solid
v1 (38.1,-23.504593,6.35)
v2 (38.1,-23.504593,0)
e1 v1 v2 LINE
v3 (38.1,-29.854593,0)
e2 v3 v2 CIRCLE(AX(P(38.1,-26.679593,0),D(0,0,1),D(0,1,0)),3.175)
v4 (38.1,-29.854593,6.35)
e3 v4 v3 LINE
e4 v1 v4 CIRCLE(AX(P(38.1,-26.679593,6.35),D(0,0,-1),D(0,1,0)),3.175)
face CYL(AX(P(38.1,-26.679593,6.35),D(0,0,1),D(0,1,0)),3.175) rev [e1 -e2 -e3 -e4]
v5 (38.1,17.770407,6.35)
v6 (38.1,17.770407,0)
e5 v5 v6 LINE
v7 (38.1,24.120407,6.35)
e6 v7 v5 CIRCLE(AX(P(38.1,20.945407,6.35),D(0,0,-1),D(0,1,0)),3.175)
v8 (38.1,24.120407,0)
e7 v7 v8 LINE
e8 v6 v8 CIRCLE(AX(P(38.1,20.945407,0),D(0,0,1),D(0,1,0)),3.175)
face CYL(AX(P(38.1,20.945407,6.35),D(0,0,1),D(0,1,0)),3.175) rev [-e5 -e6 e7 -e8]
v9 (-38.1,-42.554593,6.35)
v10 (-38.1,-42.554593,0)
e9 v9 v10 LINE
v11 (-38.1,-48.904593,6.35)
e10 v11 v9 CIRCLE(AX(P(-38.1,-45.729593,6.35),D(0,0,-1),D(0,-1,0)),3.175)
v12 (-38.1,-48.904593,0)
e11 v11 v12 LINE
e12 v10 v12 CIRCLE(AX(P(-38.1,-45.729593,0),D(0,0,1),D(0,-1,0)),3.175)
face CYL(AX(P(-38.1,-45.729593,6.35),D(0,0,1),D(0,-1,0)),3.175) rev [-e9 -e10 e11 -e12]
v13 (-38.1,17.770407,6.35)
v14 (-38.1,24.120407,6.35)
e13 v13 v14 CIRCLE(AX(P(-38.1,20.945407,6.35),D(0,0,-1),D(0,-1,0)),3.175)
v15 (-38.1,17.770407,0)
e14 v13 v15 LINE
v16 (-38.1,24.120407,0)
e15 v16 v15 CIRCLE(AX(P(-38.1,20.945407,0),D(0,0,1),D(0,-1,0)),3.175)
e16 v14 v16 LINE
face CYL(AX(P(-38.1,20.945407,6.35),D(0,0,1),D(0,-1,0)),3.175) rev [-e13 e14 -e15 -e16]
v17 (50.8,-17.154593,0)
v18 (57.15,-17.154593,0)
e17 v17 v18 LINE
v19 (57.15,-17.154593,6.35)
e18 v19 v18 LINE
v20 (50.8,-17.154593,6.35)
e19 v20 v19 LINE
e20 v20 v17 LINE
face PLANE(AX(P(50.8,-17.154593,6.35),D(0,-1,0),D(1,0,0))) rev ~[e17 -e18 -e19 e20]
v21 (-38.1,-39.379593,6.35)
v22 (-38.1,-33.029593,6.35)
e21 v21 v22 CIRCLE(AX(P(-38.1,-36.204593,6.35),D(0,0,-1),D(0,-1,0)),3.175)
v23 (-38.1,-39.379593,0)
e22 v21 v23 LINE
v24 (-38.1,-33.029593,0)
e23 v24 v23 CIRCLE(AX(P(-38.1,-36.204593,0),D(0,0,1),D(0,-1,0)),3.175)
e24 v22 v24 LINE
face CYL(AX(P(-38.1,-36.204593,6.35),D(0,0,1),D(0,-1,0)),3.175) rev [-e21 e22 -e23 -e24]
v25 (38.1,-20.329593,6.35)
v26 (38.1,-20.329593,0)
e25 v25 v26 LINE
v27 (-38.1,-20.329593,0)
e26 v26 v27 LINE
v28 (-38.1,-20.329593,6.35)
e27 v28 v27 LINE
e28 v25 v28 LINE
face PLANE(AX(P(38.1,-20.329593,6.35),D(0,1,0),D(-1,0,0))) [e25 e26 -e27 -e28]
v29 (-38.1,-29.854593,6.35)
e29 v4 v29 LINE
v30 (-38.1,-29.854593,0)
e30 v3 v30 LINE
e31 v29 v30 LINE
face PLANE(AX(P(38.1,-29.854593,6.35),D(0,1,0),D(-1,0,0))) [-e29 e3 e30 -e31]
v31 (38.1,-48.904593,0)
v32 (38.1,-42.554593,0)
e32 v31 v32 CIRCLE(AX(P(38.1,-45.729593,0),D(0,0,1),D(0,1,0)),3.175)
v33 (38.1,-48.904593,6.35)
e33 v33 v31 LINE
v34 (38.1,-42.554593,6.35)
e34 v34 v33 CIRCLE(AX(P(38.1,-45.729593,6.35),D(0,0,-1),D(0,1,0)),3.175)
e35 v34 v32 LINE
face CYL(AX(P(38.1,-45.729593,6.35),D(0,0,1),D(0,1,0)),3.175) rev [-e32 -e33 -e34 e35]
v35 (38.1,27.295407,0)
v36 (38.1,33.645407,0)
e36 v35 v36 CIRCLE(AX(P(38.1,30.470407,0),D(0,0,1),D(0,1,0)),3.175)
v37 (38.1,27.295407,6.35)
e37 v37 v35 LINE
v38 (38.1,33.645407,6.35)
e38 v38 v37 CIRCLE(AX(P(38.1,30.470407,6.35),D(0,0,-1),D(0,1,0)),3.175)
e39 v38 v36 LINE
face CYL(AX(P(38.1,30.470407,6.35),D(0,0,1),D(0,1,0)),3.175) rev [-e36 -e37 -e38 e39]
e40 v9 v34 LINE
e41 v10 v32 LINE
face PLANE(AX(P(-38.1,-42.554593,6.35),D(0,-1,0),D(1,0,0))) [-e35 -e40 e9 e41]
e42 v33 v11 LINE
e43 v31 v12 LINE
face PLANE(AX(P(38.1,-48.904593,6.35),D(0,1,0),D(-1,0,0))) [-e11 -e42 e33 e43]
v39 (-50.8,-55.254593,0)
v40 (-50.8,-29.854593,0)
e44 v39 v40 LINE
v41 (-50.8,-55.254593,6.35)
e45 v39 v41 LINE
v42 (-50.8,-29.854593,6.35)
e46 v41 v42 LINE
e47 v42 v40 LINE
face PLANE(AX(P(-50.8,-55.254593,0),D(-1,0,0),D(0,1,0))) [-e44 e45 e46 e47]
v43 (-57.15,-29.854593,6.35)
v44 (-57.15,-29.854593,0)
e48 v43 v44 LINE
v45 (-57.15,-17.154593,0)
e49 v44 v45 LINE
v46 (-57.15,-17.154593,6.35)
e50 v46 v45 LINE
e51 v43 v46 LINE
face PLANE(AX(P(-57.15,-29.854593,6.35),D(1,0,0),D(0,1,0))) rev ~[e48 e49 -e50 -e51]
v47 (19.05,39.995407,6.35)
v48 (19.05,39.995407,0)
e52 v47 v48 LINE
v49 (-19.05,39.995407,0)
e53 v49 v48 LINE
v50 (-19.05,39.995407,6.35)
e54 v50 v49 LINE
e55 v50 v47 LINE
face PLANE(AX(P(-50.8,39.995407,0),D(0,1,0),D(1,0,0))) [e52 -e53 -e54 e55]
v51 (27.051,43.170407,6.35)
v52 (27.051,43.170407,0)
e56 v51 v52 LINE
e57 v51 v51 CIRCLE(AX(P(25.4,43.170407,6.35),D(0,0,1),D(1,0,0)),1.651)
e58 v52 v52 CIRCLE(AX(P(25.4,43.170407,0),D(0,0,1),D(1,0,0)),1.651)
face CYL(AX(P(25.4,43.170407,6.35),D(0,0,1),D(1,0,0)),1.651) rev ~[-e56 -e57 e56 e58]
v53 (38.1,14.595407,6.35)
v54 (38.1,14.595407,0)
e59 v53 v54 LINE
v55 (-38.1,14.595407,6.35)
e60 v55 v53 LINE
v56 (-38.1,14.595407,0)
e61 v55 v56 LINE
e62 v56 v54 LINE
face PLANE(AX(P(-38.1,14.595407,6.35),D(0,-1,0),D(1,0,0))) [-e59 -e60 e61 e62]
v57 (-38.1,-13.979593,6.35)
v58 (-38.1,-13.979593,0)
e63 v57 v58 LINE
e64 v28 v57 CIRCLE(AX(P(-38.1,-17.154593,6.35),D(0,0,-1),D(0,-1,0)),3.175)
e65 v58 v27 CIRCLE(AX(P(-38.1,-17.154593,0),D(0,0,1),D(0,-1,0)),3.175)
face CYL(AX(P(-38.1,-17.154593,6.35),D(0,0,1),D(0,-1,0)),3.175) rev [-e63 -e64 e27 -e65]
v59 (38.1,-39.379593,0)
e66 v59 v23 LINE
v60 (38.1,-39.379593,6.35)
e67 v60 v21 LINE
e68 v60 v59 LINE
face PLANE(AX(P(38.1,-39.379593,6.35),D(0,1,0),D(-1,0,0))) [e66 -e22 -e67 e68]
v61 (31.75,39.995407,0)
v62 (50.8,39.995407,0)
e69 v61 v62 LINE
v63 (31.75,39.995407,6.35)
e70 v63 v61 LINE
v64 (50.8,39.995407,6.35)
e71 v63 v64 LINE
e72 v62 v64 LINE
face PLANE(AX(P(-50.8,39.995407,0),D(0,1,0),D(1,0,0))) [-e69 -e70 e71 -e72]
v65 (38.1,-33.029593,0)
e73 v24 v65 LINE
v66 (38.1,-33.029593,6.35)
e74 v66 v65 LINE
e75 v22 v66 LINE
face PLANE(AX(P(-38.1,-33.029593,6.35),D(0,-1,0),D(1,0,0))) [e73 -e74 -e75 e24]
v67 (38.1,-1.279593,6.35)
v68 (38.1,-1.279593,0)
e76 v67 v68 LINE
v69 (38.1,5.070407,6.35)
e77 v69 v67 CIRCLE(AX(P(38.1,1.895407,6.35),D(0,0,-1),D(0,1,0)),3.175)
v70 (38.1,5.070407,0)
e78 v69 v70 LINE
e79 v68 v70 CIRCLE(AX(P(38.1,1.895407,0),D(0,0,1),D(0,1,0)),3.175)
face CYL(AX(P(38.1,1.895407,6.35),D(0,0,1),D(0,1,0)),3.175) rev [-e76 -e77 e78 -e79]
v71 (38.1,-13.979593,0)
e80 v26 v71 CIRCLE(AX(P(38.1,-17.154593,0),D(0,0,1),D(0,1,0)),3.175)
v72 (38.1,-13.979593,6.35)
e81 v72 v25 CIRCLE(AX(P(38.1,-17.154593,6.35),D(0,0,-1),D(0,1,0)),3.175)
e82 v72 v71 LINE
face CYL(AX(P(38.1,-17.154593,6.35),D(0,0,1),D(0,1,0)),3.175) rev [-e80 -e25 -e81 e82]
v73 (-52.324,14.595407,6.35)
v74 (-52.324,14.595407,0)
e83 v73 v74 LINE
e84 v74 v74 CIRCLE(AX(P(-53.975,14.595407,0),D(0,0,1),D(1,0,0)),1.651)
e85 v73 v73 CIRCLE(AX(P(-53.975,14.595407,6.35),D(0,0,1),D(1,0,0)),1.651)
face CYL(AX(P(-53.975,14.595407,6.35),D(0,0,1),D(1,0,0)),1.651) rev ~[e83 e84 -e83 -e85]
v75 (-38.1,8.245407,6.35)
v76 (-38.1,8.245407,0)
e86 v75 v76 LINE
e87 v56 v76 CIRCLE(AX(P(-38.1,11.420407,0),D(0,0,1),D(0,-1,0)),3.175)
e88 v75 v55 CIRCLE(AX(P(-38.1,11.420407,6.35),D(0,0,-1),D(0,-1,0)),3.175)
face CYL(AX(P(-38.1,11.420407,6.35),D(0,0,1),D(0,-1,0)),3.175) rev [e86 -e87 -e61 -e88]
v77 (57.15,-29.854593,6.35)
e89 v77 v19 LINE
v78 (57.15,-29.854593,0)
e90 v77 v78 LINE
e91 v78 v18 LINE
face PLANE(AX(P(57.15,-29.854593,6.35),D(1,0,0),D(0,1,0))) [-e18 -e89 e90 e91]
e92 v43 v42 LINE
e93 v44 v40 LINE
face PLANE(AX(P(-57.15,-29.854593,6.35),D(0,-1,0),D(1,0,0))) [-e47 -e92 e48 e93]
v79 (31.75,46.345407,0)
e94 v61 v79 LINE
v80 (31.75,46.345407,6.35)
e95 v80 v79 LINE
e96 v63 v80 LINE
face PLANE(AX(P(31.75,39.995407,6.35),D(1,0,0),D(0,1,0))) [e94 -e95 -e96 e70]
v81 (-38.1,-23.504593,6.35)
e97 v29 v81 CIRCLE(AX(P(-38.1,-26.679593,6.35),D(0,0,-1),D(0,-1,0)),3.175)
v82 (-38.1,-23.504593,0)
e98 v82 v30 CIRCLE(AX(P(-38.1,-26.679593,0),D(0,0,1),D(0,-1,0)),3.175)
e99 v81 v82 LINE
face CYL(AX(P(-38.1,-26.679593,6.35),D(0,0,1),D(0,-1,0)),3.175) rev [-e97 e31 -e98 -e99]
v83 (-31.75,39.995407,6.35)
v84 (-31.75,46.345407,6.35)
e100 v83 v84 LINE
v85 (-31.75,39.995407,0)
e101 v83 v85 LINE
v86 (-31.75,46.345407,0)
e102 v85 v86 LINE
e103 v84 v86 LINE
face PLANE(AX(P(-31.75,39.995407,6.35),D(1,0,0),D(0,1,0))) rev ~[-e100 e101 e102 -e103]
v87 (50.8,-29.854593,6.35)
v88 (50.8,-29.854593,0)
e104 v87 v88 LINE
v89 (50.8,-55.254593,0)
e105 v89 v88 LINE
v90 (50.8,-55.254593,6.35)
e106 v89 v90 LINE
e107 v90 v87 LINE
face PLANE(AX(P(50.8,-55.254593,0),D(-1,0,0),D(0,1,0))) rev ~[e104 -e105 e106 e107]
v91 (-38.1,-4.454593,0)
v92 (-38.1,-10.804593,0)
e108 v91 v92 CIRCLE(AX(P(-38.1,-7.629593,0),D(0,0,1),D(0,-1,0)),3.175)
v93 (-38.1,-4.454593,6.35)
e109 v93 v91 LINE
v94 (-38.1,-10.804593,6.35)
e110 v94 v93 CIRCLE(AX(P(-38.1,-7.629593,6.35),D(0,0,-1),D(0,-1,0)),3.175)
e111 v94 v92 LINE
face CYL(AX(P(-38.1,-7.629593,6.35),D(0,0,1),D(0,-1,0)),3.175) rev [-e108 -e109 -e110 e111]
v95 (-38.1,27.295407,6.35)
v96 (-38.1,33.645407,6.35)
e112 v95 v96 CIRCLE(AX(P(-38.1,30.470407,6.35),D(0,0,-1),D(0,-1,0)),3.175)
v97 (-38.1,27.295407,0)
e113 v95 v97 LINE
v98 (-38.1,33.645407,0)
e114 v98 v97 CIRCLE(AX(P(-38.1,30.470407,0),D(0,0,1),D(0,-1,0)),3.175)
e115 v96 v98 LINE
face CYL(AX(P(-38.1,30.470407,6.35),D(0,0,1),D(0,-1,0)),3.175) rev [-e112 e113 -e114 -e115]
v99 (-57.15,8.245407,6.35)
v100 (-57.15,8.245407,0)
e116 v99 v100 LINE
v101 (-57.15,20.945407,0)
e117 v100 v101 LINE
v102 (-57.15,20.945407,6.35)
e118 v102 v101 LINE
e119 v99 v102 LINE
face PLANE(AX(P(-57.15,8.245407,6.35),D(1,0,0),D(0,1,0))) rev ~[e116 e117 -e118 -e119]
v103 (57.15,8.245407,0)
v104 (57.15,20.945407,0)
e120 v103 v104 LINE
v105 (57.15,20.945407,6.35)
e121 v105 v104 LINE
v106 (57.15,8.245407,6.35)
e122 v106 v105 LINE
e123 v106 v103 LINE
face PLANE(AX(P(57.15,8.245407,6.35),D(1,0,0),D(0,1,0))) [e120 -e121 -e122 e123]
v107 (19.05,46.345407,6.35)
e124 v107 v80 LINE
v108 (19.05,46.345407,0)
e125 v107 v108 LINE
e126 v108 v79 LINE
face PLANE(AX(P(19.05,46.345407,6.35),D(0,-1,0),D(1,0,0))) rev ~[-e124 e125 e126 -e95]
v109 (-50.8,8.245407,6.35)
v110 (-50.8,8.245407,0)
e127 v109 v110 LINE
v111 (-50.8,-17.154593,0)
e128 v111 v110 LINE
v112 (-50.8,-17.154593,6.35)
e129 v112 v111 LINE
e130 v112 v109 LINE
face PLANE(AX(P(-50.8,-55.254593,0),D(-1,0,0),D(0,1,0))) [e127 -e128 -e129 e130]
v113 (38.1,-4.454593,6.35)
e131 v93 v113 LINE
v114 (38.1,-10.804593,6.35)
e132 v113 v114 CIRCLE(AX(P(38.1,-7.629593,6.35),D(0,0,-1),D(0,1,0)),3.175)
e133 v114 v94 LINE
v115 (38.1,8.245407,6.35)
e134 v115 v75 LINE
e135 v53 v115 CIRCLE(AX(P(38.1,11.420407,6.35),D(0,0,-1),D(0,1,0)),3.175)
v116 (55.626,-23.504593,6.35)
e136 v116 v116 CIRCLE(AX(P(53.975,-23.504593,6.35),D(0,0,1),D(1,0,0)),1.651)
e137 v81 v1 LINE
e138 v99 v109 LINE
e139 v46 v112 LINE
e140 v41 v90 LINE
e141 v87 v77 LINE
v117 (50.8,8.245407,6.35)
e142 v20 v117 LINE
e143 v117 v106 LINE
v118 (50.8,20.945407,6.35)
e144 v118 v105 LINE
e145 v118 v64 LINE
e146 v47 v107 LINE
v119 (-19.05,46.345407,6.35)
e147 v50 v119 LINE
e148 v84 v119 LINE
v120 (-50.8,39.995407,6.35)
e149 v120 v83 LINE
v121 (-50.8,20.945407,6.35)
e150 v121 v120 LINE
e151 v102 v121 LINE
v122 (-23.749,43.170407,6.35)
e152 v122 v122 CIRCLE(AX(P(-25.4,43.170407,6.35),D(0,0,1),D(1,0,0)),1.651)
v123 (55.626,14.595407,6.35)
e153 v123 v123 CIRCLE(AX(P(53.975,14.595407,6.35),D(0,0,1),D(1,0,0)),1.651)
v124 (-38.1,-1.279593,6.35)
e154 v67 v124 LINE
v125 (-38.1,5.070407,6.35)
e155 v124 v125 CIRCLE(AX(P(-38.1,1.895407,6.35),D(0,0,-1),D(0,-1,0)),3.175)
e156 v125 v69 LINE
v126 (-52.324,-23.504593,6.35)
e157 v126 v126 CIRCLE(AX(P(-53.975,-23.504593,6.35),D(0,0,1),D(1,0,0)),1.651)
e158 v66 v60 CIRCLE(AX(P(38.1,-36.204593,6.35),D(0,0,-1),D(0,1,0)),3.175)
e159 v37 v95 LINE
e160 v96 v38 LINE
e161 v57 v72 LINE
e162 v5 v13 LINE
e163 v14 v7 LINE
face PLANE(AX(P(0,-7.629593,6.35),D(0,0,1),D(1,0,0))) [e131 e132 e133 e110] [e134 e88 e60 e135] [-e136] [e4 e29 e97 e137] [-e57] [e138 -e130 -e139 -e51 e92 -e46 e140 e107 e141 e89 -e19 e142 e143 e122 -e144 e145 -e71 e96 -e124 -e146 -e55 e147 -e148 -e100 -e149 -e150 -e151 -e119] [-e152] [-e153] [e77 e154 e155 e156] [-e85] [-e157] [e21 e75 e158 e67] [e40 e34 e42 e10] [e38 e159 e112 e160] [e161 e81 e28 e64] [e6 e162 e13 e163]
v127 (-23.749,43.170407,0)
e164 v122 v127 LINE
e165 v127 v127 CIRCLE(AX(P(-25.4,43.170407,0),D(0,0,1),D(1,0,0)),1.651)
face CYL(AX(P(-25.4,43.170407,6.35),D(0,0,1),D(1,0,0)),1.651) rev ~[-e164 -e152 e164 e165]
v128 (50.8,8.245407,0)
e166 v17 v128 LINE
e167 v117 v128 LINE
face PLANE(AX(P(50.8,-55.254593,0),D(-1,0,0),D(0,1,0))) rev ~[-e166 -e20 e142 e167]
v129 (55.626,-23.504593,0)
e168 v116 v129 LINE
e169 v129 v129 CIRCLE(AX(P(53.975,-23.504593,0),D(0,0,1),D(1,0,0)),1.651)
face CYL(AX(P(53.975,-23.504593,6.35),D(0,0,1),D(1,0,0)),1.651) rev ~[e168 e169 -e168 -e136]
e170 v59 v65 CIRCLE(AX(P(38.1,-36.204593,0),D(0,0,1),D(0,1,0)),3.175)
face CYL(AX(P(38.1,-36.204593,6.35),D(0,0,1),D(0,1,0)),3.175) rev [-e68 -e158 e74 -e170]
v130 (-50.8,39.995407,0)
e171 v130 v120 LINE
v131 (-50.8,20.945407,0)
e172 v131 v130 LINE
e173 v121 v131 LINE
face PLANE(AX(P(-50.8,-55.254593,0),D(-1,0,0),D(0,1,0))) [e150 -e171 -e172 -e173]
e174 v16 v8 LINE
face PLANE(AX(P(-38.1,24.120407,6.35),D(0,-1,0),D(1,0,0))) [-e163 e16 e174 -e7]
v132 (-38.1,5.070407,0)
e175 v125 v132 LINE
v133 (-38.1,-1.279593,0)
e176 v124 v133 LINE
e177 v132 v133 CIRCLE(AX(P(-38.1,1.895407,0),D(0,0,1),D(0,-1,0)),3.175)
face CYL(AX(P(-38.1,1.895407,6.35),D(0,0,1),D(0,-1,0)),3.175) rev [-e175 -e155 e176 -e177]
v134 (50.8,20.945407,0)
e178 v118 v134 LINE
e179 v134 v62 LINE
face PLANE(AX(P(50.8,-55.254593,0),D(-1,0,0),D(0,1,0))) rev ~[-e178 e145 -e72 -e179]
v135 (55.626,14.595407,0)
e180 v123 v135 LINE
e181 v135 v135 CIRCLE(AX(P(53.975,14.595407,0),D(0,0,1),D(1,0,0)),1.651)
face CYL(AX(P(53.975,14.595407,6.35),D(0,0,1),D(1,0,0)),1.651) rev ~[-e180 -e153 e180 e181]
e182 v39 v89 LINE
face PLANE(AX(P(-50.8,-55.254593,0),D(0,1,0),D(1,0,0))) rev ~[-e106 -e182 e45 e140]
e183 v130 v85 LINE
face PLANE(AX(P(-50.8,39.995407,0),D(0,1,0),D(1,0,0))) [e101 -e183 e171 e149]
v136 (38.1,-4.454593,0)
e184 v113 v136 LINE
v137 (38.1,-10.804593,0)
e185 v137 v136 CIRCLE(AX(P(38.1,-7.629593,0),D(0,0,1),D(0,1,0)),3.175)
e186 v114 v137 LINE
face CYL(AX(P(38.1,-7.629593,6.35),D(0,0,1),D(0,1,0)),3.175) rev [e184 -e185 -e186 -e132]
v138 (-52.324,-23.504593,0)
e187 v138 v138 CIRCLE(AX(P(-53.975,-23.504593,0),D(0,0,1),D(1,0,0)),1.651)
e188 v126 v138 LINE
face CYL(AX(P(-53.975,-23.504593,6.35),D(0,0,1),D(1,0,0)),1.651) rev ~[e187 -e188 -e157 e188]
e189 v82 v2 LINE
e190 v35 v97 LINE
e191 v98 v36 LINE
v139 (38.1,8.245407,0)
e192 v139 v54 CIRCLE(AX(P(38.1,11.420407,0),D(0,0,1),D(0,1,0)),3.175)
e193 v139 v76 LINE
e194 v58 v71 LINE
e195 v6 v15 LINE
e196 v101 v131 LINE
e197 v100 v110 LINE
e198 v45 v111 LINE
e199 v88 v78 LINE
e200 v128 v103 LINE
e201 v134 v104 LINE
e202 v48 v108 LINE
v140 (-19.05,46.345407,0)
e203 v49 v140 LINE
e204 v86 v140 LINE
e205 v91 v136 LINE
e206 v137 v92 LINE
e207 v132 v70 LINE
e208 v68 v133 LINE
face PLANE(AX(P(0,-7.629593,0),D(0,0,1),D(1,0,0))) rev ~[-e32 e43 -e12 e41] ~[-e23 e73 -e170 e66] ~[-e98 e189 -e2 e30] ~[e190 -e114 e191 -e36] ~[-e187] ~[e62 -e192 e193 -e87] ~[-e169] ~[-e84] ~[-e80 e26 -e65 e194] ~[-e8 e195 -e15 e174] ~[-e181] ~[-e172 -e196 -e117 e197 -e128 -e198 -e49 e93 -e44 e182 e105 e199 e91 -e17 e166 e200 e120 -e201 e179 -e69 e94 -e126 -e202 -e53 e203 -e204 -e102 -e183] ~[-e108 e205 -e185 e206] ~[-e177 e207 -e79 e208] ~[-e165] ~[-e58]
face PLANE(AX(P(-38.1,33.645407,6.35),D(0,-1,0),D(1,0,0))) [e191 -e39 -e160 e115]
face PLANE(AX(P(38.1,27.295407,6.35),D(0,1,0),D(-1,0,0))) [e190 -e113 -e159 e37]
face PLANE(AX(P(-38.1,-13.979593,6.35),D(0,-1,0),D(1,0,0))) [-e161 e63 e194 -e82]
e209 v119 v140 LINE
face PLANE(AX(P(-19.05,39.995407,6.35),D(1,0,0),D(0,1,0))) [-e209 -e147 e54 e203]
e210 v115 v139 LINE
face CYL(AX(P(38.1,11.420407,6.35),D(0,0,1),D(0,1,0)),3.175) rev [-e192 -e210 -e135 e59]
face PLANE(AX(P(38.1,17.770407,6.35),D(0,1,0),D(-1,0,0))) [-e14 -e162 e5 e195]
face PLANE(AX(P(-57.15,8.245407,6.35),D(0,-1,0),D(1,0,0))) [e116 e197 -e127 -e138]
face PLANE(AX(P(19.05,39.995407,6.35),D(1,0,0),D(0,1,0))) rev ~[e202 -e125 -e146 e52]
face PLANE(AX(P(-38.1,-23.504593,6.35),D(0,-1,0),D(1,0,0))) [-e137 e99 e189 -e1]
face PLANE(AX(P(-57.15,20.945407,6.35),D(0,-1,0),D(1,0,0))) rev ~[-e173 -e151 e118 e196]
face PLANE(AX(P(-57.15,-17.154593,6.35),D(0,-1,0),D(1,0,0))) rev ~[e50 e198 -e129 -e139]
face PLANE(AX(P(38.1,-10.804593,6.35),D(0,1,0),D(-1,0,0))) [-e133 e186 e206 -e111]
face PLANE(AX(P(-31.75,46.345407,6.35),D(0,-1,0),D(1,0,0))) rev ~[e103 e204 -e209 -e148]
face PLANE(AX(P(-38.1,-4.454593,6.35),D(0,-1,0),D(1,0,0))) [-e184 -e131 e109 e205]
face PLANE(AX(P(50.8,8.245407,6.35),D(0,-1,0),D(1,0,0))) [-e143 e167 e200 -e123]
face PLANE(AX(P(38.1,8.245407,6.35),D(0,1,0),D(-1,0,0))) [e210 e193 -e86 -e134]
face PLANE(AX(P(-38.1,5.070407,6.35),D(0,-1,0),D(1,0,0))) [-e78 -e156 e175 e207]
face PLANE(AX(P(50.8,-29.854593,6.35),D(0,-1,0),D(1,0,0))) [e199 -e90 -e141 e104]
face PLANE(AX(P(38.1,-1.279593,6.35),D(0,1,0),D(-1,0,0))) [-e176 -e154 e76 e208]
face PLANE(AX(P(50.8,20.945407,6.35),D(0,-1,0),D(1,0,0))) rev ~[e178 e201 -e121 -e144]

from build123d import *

# Parameters (mm, degrees)
SKETCH1_W           = 101.6
SKETCH1_H           = 95.25
BOSS_EXTRUDE1_DEPTH = 6.35
SKETCH2_W           = 12.7
SKETCH2_H           = 6.35
SKETCH2_R           = 1.651
SKETCH2_W_2         = 6.35
SKETCH2_H_2         = 12.7
BOSS_EXTRUDE2_DEPTH = 6.35
CUT_EXTRUDE1_DEPTH  = 80.746567925
LPATTERN1_COUNT     = 9
LPATTERN1_PITCH     = 9.525


with BuildPart() as part:
    # Sketch1 → Boss-Extrude1 (new body)
    with BuildSketch(Plane.XY):
        with Locations((0, -7.629593436)):
            Rectangle(SKETCH1_W, SKETCH1_H)
    extrude(amount=BOSS_EXTRUDE1_DEPTH)

    # Sketch2 → Boss-Extrude2 (add)
    # profile 1 of 6: a face of its own
    with BuildSketch(Plane.XY.offset(6.35)):
        with Locations((-25.4, 43.170406564)):
            Rectangle(SKETCH2_W, SKETCH2_H)
        with Locations((-25.4, 43.170406564)):
            Circle(SKETCH2_R, mode=Mode.SUBTRACT)
    # profile 2 of 6: a face of its own
    with BuildSketch(Plane.XY.offset(6.35)):
        with Locations((25.4, 43.170406564)):
            Rectangle(SKETCH2_W, SKETCH2_H)
        with Locations((25.4, 43.170406564)):
            Circle(SKETCH2_R, mode=Mode.SUBTRACT)
    # profile 3 of 6: a face of its own
    with BuildSketch(Plane.XY.offset(6.35)):
        with Locations((-53.975, 14.595406564)):
            Rectangle(SKETCH2_W_2, SKETCH2_H_2)
        with Locations((-53.975, 14.595406564)):
            Circle(SKETCH2_R, mode=Mode.SUBTRACT)
    # profile 4 of 6: a face of its own
    with BuildSketch(Plane.XY.offset(6.35)):
        with Locations((53.975, 14.595406564)):
            Rectangle(SKETCH2_W_2, SKETCH2_H_2)
        with Locations((53.975, 14.595406564)):
            Circle(SKETCH2_R, mode=Mode.SUBTRACT)
    # profile 5 of 6: a face of its own
    with BuildSketch(Plane.XY.offset(6.35)):
        with Locations((-53.975, -23.504593436)):
            Rectangle(SKETCH2_W_2, SKETCH2_H_2)
        with Locations((-53.975, -23.504593436)):
            Circle(SKETCH2_R, mode=Mode.SUBTRACT)
    # profile 6 of 6: a face of its own
    with BuildSketch(Plane.XY.offset(6.35)):
        with Locations((53.975, -23.504593436)):
            Rectangle(SKETCH2_W_2, SKETCH2_H_2)
        with Locations((53.975, -23.504593436)):
            Circle(SKETCH2_R, mode=Mode.SUBTRACT)
    extrude(amount=-BOSS_EXTRUDE2_DEPTH)

    # Sketch3 → Cut-Extrude1 (cut, through all)
    with BuildSketch(Plane.XY.offset(6.35)):
        with BuildLine():
            Line((-38.1, 33.645406564), (38.1, 33.645406564))
            ThreePointArc((38.1, 33.645406564), (41.275, 30.470406564), (38.1, 27.295406564))
            Line((38.1, 27.295406564), (-38.1, 27.295406564))
            ThreePointArc((-38.1, 27.295406564), (-41.275, 30.470406564), (-38.1, 33.645406564))
        make_face()
    cut_extrude1 = extrude(amount=-CUT_EXTRUDE1_DEPTH, mode=Mode.SUBTRACT)

    # LPattern1: Cut-Extrude1 ×9
    with Locations(*[(0, -i * LPATTERN1_PITCH, 0) for i in range(1, LPATTERN1_COUNT)]):
        add(cut_extrude1, mode=Mode.SUBTRACT)


solid = part.part
